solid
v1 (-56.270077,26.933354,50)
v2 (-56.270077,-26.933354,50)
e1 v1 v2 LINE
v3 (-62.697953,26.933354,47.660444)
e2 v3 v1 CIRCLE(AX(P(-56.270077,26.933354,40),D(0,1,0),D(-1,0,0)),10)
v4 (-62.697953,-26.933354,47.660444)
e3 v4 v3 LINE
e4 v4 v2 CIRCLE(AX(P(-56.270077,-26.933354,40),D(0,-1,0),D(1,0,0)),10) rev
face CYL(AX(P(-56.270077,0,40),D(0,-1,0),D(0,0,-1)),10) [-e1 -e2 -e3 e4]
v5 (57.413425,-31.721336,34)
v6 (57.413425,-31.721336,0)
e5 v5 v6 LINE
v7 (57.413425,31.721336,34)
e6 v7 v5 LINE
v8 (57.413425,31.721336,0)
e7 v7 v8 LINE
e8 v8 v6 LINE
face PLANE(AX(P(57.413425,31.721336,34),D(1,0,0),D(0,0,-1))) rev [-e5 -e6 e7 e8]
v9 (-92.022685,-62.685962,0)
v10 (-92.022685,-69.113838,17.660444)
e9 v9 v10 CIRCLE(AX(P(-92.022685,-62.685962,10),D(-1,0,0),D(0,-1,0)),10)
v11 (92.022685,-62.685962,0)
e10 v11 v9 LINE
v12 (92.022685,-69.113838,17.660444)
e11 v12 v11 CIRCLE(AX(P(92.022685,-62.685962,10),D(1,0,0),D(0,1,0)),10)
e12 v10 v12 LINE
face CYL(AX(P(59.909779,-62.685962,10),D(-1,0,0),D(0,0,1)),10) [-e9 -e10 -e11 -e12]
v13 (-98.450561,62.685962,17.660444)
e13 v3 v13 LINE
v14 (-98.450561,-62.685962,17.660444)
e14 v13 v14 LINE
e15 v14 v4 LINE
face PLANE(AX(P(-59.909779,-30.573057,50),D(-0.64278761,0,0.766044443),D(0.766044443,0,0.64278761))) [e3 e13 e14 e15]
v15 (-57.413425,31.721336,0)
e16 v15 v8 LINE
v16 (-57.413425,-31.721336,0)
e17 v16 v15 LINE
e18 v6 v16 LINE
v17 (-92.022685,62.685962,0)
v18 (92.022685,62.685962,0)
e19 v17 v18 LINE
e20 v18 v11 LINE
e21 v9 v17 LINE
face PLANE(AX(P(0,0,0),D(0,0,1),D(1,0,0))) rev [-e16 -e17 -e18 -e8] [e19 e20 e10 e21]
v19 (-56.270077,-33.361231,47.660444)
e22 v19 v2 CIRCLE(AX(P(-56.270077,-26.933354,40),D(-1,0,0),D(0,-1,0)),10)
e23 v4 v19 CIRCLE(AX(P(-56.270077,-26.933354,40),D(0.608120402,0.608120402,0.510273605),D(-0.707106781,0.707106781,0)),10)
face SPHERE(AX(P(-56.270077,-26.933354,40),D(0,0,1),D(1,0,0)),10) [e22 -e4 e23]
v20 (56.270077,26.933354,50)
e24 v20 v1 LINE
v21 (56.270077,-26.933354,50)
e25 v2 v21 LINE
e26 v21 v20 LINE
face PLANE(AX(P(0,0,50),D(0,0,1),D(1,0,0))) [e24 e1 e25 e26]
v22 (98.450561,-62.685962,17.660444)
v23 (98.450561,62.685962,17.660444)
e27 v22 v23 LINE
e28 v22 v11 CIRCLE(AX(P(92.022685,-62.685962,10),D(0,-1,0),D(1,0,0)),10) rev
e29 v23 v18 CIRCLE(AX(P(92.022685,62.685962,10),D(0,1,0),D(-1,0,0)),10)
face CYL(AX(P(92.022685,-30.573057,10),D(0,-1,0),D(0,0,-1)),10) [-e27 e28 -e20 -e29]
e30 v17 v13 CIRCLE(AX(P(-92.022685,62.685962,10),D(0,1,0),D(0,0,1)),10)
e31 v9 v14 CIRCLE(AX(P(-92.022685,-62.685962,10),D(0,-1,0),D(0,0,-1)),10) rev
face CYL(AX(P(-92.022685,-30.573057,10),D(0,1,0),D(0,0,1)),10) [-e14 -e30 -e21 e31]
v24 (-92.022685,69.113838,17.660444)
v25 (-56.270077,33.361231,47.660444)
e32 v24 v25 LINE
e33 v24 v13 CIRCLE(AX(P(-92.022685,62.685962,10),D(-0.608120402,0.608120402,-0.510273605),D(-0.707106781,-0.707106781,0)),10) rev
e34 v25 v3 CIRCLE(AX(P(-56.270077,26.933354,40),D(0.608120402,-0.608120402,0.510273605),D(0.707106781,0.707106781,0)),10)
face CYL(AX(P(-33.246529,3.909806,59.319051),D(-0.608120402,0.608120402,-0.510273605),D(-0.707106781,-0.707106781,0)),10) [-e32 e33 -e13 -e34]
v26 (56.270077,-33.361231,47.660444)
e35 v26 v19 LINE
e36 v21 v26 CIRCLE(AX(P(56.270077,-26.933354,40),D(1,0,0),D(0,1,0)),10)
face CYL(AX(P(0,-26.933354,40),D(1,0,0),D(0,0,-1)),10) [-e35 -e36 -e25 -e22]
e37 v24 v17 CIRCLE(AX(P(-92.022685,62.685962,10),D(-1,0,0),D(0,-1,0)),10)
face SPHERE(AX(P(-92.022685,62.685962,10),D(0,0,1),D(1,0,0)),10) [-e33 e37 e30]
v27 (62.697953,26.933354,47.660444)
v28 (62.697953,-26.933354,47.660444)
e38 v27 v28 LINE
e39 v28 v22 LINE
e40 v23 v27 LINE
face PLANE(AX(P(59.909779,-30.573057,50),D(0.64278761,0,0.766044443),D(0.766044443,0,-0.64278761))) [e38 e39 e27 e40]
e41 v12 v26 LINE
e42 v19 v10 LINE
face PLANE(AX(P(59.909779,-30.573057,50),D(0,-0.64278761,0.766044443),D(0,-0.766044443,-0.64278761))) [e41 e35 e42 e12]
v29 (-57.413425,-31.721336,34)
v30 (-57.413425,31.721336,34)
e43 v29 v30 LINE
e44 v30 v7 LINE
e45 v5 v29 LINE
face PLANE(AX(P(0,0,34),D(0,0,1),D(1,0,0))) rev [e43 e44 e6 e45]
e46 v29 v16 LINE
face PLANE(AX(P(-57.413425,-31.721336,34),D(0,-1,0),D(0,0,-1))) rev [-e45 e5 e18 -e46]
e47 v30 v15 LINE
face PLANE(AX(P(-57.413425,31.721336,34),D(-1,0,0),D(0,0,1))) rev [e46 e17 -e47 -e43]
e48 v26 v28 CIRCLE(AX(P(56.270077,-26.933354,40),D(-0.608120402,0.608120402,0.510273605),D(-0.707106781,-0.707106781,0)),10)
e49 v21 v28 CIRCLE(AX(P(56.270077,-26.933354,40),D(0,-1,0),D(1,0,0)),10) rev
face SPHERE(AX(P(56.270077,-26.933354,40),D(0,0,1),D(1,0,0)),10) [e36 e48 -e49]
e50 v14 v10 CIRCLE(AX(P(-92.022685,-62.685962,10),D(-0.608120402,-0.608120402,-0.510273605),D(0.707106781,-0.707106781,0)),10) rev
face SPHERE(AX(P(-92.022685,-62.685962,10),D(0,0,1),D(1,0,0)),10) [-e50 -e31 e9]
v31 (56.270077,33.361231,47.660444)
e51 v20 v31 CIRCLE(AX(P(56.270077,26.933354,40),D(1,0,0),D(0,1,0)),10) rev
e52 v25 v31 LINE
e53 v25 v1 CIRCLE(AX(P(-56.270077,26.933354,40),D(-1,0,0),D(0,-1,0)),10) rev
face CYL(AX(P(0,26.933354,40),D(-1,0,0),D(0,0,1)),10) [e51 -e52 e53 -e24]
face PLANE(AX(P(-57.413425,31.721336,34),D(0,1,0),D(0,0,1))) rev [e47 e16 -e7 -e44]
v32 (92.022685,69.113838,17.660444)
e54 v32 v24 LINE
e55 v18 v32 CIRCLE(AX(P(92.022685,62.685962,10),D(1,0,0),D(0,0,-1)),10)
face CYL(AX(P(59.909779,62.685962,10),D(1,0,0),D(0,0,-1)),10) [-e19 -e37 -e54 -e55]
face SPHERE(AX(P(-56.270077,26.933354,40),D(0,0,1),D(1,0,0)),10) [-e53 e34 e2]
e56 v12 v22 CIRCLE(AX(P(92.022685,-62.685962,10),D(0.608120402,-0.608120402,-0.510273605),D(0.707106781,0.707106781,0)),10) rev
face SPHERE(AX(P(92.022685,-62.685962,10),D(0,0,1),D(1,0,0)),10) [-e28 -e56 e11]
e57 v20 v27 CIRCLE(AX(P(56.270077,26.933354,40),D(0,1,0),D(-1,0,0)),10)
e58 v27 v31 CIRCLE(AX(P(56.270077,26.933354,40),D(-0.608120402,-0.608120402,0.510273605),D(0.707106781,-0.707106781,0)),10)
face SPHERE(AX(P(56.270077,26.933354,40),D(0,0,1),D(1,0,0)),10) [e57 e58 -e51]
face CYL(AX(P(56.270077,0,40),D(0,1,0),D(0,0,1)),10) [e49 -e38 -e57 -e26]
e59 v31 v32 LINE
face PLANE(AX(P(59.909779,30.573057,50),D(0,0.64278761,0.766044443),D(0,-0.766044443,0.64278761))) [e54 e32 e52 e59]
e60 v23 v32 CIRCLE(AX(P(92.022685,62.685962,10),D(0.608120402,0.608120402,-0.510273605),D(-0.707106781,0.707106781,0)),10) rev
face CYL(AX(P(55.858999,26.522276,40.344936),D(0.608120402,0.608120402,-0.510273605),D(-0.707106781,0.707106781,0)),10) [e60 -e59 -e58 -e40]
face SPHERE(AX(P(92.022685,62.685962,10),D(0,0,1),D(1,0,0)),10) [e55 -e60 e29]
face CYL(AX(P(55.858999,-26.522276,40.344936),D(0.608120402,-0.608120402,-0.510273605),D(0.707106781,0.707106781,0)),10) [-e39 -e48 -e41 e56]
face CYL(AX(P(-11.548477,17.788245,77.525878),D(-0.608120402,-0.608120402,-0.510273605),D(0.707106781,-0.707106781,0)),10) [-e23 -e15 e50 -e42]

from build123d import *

# Parameters (mm, degrees)
SKETCH_1_W          = 119.8195585
SKETCH_1_H          = 61.146113558
EXTRUDE_1_DEPTH     = 50
DRAFT_8_ANGLE       = 50
FILLET_1_R          = 10
SKETCH_2_W          = 114.826849908
SKETCH_2_H          = 63.442671994
CUT_EXTRUDE_1_DEPTH = 34


with BuildPart() as part:
    # 草图1 → 凸台-拉伸1 (new body)
    with BuildSketch(Plane.XY):
        Rectangle(SKETCH_1_W, SKETCH_1_H)
    extrude(amount=EXTRUDE_1_DEPTH)

    # 拔模8
    draft_8_faces = [part.faces().sort_by_distance(p)[0] for p in [
        (-59.90977925, 0, 25),
        (0, -30.573056779, 25),
        (59.90977925, 0, 25),
        (0, 30.573056779, 25),
    ]]
    draft(draft_8_faces, Plane.XY.offset(50), DRAFT_8_ANGLE)

    # 圆角1
    fillet_1_edges = [part.edges().sort_by_distance(p)[0] for p in [
        (59.90977925, 0, 50),
        (0, 30.573056779, 50),
        (-59.90977925, 0, 50),
        (0, 90.160736408, 0),
        (119.49745888, 0, 0),
        (0, -90.160736408, 0),
        (-119.49745888, 0, 0),
        (0, -30.573056779, 50),
        (-89.703619065, 60.366896593, 25),
        (89.703619065, 60.366896593, 25),
        (89.703619065, -60.366896593, 25),
        (-89.703619065, -60.366896593, 25),
    ]]
    fillet(fillet_1_edges, radius=FILLET_1_R)

    # 草图2 → 切除-拉伸1 (cut)
    with BuildSketch(Plane(origin=(0, 0, 0), x_dir=(-1, 0, 0), z_dir=(0, 0, -1))):
        Rectangle(SKETCH_2_W, SKETCH_2_H)
    extrude(amount=-CUT_EXTRUDE_1_DEPTH, mode=Mode.SUBTRACT)


solid = part.part
